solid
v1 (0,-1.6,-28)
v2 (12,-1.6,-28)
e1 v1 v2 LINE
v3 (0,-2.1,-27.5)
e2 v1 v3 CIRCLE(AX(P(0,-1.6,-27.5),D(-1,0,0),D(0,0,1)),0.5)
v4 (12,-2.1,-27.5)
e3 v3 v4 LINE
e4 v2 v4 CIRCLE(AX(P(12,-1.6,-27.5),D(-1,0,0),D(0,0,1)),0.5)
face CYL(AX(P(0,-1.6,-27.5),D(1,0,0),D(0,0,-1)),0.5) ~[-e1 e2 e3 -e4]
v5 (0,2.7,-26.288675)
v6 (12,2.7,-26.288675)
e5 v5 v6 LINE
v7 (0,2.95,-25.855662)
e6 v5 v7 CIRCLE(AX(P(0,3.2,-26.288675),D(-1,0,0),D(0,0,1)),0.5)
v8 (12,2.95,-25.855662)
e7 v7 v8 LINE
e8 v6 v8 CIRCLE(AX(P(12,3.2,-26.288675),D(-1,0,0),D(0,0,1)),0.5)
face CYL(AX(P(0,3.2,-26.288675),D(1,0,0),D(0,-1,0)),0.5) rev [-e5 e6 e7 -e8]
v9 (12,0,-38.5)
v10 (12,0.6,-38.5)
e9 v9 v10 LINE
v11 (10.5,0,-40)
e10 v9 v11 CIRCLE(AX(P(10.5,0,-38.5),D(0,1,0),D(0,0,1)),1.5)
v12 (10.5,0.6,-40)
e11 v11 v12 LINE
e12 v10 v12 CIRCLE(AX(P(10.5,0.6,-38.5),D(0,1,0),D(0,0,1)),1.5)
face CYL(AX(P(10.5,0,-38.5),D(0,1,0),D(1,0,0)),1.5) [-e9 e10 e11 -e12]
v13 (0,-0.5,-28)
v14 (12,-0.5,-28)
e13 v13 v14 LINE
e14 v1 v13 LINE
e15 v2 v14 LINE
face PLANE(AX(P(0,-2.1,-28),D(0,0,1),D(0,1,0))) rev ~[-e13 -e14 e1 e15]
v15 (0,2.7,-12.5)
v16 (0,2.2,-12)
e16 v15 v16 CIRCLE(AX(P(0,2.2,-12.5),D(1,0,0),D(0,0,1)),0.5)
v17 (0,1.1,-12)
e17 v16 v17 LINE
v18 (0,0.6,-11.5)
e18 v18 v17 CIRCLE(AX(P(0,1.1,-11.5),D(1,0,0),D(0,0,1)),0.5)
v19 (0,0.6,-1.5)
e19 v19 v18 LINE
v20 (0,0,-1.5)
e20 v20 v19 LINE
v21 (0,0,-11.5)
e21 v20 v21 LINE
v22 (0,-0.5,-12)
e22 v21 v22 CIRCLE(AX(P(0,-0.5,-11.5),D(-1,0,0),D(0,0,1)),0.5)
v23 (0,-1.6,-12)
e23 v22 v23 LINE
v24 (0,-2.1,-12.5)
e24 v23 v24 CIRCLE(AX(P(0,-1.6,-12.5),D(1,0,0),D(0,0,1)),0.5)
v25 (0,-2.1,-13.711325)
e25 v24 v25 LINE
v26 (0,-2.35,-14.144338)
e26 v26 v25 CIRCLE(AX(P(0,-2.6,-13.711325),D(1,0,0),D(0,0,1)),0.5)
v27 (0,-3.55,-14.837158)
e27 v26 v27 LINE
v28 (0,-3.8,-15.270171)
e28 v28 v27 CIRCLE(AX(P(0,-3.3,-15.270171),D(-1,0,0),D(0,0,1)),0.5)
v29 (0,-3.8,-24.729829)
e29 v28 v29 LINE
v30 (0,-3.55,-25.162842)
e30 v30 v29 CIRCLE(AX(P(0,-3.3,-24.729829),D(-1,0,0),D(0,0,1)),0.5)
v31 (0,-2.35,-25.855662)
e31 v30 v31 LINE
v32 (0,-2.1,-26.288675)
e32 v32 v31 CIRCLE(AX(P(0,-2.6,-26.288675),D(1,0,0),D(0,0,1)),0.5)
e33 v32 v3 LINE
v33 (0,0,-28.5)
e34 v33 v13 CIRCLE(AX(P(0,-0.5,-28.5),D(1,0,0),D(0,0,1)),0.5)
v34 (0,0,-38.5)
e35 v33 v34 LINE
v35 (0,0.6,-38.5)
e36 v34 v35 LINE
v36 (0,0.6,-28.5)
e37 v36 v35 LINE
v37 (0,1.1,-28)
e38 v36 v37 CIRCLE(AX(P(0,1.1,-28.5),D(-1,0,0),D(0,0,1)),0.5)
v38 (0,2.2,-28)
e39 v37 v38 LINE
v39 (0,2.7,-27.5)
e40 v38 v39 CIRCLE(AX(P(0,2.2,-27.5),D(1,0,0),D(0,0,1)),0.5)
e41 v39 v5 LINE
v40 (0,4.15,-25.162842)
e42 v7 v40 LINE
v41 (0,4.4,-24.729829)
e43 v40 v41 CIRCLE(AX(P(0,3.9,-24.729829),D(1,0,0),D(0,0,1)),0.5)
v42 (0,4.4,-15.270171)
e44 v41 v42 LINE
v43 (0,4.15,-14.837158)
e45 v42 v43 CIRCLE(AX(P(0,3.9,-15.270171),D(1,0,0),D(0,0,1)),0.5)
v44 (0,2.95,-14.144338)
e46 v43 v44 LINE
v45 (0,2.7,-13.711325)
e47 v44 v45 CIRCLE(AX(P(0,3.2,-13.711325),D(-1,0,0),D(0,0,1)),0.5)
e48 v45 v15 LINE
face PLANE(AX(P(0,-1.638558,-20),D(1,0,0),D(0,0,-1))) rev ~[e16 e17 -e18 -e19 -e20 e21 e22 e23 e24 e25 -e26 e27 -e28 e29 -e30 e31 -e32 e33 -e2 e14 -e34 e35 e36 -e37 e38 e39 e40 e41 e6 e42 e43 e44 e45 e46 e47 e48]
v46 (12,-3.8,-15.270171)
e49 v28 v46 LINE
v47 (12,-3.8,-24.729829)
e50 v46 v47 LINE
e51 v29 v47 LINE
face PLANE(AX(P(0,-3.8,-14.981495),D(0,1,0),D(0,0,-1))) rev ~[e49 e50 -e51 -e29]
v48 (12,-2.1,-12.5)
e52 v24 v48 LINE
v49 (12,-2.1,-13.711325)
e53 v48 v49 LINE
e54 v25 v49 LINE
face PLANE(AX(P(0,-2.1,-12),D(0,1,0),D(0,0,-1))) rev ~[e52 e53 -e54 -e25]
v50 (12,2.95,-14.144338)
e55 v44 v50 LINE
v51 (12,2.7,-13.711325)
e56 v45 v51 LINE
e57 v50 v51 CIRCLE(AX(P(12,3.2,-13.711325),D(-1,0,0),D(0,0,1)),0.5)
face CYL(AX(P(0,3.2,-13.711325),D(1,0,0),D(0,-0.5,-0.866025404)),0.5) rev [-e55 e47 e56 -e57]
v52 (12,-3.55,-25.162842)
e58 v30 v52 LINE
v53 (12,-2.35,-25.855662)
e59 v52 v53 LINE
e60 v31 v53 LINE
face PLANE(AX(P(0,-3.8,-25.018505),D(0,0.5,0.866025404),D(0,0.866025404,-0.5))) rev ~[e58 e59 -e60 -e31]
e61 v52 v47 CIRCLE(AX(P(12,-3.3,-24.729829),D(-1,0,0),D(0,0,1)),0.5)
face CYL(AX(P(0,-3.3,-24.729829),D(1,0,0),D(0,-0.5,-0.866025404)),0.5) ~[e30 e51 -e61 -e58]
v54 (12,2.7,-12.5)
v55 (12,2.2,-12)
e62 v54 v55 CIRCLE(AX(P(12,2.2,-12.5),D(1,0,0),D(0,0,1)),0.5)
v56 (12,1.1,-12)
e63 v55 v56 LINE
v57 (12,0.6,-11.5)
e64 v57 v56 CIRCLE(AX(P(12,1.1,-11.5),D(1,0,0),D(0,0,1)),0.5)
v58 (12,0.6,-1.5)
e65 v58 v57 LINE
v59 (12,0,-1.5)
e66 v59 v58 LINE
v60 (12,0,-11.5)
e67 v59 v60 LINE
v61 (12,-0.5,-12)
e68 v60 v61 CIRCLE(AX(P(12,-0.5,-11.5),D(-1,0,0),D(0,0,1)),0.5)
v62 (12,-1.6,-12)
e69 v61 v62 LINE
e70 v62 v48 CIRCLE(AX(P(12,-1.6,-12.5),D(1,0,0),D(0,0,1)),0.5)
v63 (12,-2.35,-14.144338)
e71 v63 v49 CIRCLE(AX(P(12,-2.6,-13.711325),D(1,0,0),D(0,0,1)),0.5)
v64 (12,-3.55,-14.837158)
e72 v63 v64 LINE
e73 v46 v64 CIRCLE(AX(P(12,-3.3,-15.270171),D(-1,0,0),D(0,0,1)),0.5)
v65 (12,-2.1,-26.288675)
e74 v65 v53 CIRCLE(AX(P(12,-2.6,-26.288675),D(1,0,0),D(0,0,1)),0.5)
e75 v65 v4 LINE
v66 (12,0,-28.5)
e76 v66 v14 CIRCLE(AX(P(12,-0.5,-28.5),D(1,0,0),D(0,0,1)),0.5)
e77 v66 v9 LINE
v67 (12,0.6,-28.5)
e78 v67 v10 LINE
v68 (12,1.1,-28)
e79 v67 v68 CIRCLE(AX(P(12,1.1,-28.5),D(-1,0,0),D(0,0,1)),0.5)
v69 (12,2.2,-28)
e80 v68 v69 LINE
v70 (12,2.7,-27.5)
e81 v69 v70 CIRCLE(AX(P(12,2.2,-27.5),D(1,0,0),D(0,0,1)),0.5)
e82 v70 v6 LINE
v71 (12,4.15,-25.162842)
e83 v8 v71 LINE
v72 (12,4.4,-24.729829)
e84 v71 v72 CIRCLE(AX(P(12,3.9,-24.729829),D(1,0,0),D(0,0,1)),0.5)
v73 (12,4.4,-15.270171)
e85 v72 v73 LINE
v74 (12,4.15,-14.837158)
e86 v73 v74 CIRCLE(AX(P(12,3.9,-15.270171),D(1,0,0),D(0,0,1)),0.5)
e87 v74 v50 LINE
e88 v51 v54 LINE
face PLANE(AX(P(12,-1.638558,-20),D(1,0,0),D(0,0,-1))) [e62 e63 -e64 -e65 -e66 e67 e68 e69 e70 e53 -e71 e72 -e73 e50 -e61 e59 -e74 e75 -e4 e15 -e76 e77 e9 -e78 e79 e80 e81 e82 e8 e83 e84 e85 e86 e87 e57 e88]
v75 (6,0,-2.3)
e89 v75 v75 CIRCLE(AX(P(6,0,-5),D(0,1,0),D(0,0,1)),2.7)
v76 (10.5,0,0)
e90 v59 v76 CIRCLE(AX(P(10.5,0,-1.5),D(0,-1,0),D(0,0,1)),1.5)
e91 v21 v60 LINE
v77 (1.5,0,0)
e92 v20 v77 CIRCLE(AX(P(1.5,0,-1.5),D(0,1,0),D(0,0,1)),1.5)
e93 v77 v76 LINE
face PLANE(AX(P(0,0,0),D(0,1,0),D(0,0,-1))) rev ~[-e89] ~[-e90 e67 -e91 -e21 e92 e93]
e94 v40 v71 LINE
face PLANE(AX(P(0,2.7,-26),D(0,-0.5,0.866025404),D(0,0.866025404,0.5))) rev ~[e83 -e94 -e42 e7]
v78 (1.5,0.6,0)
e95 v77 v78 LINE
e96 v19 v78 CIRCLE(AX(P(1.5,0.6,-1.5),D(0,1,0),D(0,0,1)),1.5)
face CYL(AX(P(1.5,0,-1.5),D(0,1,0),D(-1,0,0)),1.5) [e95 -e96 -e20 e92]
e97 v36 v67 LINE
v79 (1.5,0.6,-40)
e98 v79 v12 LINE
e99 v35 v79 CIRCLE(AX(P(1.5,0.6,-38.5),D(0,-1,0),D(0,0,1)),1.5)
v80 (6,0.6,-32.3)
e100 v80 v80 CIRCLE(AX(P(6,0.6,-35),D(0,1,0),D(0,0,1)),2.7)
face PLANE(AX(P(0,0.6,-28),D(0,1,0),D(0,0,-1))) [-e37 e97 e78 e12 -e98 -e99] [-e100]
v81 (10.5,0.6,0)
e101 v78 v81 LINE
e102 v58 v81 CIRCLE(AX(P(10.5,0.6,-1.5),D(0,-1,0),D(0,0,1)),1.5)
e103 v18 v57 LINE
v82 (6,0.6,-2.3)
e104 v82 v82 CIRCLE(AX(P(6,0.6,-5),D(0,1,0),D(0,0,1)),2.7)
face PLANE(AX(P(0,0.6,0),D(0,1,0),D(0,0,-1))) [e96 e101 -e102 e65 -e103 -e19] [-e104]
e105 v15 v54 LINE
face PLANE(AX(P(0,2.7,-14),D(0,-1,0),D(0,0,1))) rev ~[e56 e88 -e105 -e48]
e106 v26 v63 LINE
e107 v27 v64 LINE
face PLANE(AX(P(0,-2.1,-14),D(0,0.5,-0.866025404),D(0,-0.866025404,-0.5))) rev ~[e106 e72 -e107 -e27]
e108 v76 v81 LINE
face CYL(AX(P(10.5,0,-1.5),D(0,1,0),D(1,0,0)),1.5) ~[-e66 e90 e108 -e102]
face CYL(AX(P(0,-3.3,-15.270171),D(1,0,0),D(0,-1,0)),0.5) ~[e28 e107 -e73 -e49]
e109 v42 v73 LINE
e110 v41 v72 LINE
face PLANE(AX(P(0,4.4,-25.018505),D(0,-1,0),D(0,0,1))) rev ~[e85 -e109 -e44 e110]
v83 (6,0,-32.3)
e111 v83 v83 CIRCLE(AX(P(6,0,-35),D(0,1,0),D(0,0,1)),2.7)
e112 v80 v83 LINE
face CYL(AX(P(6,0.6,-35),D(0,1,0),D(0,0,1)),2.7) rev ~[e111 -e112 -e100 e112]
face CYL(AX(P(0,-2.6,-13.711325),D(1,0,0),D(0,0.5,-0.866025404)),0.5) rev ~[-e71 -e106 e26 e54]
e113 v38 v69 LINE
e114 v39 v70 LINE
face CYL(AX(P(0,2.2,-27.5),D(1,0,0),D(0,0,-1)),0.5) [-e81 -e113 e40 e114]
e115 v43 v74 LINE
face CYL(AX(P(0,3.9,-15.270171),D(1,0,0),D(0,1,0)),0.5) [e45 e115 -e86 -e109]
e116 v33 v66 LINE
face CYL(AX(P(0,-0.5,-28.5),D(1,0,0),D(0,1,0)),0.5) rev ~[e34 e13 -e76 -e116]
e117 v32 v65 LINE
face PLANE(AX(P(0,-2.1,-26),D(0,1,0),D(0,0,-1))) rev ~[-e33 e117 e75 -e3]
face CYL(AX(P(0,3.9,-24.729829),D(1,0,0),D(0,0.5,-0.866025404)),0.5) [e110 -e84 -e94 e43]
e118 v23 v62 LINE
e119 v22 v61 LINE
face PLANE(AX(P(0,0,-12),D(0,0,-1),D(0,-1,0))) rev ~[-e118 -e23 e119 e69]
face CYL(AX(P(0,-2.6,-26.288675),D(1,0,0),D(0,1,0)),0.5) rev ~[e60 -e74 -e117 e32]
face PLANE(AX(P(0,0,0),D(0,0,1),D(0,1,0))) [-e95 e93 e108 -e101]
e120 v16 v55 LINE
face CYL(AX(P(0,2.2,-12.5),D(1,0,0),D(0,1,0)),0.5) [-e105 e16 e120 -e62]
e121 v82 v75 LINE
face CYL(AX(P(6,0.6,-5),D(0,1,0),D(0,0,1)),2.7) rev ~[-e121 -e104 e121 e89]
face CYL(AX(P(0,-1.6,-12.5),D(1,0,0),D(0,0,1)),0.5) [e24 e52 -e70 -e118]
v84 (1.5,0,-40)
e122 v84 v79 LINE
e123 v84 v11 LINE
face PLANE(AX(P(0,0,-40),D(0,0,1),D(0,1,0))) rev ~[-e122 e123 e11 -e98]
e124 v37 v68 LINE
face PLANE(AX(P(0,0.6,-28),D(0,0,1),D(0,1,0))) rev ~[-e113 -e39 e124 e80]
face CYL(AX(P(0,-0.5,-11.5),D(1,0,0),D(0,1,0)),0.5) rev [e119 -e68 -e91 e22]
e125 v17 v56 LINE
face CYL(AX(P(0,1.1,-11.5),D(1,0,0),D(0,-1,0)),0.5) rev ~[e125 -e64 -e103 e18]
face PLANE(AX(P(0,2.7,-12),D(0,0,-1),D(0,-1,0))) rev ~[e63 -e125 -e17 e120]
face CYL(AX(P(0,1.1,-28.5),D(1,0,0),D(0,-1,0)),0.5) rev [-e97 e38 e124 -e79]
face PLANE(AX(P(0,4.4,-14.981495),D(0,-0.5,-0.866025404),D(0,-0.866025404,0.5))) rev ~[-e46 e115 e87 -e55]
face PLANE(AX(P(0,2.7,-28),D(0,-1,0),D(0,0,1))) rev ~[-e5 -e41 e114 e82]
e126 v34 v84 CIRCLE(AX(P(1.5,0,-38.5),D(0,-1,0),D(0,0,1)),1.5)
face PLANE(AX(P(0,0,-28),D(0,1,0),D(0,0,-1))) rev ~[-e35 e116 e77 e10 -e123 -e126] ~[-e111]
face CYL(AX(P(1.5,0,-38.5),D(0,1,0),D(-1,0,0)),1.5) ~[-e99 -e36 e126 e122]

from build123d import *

# Parameters (mm, degrees)
IZIM1_W                     = 40
IZIM1_H                     = 0.6
Y_KSEKLIK_EKSTR_ZYON1_DEPTH = 12
IZIM2_R                     = 2.7
KES_EKSTR_ZYON1_DEPTH       = 42.992380261
RADYUS1_R                   = 1.5
RADYUS2_R                   = 0.5


with BuildPart() as part:
    # Çizim1 → Yükseklik-Ekstrüzyon1 (new body)
    with BuildSketch(Plane(origin=(0, 0, 0), x_dir=(0, 0, -1), z_dir=(1, 0, 0))):
        Polygon((28, 0), (12, 0), (12, -2.1), (14, -2.1), (14.981495458, -3.8), (25.018504542, -3.8), (26, -2.1), (28, -2.1), align=None)
        Polygon((12, 2.7), (12, 0.6), (28, 0.6), (28, 2.7), (26, 2.7), (25.018504542, 4.4), (14.981495458, 4.4), (14, 2.7), align=None)
        with Locations((20, 0.3)):
            Rectangle(IZIM1_W, IZIM1_H)
    extrude(amount=Y_KSEKLIK_EKSTR_ZYON1_DEPTH)

    # Çizim2 → Kes-Ekstrüzyon1 (cut, through all)
    with BuildSketch(Plane(origin=(0, 0.6, 0), x_dir=(1, 0, 0), z_dir=(0, 1, 0))):
        with Locations(Location((6, 5, 0), (0, 0, 270))):
            Circle(IZIM2_R)
        with Locations(Location((6, 35, 0), (0, 0, 270))):
            Circle(IZIM2_R)
    extrude(amount=-KES_EKSTR_ZYON1_DEPTH, mode=Mode.SUBTRACT)

    # Radyus1
    radyus1_edges = [part.edges().sort_by_distance(p)[0] for p in [
        (12, 0.3, -40),
        (0, 0.3, 0),
        (0, 0.3, -40),
        (12, 0.3, 0),
    ]]
    fillet(radyus1_edges, radius=RADYUS1_R)

    # Radyus2
    radyus2_edges = [part.edges().sort_by_distance(p)[0] for p in [
        (6, -2.1, -28),
        (6, -2.1, -26),
        (6, -3.8, -25.018504542),
        (6, -3.8, -14.981495458),
        (6, -2.1, -14),
        (6, -2.1, -12),
        (6, 0, -12),
        (6, 0.6, -12),
        (6, 2.7, -12),
        (6, 2.7, -14),
        (6, 4.4, -14.981495458),
        (6, 4.4, -25.018504542),
        (6, 2.7, -26),
        (6, 2.7, -28),
        (6, 0.6, -28),
        (6, 0, -28),
    ]]
    fillet(radyus2_edges, radius=RADYUS2_R)


solid = part.part
